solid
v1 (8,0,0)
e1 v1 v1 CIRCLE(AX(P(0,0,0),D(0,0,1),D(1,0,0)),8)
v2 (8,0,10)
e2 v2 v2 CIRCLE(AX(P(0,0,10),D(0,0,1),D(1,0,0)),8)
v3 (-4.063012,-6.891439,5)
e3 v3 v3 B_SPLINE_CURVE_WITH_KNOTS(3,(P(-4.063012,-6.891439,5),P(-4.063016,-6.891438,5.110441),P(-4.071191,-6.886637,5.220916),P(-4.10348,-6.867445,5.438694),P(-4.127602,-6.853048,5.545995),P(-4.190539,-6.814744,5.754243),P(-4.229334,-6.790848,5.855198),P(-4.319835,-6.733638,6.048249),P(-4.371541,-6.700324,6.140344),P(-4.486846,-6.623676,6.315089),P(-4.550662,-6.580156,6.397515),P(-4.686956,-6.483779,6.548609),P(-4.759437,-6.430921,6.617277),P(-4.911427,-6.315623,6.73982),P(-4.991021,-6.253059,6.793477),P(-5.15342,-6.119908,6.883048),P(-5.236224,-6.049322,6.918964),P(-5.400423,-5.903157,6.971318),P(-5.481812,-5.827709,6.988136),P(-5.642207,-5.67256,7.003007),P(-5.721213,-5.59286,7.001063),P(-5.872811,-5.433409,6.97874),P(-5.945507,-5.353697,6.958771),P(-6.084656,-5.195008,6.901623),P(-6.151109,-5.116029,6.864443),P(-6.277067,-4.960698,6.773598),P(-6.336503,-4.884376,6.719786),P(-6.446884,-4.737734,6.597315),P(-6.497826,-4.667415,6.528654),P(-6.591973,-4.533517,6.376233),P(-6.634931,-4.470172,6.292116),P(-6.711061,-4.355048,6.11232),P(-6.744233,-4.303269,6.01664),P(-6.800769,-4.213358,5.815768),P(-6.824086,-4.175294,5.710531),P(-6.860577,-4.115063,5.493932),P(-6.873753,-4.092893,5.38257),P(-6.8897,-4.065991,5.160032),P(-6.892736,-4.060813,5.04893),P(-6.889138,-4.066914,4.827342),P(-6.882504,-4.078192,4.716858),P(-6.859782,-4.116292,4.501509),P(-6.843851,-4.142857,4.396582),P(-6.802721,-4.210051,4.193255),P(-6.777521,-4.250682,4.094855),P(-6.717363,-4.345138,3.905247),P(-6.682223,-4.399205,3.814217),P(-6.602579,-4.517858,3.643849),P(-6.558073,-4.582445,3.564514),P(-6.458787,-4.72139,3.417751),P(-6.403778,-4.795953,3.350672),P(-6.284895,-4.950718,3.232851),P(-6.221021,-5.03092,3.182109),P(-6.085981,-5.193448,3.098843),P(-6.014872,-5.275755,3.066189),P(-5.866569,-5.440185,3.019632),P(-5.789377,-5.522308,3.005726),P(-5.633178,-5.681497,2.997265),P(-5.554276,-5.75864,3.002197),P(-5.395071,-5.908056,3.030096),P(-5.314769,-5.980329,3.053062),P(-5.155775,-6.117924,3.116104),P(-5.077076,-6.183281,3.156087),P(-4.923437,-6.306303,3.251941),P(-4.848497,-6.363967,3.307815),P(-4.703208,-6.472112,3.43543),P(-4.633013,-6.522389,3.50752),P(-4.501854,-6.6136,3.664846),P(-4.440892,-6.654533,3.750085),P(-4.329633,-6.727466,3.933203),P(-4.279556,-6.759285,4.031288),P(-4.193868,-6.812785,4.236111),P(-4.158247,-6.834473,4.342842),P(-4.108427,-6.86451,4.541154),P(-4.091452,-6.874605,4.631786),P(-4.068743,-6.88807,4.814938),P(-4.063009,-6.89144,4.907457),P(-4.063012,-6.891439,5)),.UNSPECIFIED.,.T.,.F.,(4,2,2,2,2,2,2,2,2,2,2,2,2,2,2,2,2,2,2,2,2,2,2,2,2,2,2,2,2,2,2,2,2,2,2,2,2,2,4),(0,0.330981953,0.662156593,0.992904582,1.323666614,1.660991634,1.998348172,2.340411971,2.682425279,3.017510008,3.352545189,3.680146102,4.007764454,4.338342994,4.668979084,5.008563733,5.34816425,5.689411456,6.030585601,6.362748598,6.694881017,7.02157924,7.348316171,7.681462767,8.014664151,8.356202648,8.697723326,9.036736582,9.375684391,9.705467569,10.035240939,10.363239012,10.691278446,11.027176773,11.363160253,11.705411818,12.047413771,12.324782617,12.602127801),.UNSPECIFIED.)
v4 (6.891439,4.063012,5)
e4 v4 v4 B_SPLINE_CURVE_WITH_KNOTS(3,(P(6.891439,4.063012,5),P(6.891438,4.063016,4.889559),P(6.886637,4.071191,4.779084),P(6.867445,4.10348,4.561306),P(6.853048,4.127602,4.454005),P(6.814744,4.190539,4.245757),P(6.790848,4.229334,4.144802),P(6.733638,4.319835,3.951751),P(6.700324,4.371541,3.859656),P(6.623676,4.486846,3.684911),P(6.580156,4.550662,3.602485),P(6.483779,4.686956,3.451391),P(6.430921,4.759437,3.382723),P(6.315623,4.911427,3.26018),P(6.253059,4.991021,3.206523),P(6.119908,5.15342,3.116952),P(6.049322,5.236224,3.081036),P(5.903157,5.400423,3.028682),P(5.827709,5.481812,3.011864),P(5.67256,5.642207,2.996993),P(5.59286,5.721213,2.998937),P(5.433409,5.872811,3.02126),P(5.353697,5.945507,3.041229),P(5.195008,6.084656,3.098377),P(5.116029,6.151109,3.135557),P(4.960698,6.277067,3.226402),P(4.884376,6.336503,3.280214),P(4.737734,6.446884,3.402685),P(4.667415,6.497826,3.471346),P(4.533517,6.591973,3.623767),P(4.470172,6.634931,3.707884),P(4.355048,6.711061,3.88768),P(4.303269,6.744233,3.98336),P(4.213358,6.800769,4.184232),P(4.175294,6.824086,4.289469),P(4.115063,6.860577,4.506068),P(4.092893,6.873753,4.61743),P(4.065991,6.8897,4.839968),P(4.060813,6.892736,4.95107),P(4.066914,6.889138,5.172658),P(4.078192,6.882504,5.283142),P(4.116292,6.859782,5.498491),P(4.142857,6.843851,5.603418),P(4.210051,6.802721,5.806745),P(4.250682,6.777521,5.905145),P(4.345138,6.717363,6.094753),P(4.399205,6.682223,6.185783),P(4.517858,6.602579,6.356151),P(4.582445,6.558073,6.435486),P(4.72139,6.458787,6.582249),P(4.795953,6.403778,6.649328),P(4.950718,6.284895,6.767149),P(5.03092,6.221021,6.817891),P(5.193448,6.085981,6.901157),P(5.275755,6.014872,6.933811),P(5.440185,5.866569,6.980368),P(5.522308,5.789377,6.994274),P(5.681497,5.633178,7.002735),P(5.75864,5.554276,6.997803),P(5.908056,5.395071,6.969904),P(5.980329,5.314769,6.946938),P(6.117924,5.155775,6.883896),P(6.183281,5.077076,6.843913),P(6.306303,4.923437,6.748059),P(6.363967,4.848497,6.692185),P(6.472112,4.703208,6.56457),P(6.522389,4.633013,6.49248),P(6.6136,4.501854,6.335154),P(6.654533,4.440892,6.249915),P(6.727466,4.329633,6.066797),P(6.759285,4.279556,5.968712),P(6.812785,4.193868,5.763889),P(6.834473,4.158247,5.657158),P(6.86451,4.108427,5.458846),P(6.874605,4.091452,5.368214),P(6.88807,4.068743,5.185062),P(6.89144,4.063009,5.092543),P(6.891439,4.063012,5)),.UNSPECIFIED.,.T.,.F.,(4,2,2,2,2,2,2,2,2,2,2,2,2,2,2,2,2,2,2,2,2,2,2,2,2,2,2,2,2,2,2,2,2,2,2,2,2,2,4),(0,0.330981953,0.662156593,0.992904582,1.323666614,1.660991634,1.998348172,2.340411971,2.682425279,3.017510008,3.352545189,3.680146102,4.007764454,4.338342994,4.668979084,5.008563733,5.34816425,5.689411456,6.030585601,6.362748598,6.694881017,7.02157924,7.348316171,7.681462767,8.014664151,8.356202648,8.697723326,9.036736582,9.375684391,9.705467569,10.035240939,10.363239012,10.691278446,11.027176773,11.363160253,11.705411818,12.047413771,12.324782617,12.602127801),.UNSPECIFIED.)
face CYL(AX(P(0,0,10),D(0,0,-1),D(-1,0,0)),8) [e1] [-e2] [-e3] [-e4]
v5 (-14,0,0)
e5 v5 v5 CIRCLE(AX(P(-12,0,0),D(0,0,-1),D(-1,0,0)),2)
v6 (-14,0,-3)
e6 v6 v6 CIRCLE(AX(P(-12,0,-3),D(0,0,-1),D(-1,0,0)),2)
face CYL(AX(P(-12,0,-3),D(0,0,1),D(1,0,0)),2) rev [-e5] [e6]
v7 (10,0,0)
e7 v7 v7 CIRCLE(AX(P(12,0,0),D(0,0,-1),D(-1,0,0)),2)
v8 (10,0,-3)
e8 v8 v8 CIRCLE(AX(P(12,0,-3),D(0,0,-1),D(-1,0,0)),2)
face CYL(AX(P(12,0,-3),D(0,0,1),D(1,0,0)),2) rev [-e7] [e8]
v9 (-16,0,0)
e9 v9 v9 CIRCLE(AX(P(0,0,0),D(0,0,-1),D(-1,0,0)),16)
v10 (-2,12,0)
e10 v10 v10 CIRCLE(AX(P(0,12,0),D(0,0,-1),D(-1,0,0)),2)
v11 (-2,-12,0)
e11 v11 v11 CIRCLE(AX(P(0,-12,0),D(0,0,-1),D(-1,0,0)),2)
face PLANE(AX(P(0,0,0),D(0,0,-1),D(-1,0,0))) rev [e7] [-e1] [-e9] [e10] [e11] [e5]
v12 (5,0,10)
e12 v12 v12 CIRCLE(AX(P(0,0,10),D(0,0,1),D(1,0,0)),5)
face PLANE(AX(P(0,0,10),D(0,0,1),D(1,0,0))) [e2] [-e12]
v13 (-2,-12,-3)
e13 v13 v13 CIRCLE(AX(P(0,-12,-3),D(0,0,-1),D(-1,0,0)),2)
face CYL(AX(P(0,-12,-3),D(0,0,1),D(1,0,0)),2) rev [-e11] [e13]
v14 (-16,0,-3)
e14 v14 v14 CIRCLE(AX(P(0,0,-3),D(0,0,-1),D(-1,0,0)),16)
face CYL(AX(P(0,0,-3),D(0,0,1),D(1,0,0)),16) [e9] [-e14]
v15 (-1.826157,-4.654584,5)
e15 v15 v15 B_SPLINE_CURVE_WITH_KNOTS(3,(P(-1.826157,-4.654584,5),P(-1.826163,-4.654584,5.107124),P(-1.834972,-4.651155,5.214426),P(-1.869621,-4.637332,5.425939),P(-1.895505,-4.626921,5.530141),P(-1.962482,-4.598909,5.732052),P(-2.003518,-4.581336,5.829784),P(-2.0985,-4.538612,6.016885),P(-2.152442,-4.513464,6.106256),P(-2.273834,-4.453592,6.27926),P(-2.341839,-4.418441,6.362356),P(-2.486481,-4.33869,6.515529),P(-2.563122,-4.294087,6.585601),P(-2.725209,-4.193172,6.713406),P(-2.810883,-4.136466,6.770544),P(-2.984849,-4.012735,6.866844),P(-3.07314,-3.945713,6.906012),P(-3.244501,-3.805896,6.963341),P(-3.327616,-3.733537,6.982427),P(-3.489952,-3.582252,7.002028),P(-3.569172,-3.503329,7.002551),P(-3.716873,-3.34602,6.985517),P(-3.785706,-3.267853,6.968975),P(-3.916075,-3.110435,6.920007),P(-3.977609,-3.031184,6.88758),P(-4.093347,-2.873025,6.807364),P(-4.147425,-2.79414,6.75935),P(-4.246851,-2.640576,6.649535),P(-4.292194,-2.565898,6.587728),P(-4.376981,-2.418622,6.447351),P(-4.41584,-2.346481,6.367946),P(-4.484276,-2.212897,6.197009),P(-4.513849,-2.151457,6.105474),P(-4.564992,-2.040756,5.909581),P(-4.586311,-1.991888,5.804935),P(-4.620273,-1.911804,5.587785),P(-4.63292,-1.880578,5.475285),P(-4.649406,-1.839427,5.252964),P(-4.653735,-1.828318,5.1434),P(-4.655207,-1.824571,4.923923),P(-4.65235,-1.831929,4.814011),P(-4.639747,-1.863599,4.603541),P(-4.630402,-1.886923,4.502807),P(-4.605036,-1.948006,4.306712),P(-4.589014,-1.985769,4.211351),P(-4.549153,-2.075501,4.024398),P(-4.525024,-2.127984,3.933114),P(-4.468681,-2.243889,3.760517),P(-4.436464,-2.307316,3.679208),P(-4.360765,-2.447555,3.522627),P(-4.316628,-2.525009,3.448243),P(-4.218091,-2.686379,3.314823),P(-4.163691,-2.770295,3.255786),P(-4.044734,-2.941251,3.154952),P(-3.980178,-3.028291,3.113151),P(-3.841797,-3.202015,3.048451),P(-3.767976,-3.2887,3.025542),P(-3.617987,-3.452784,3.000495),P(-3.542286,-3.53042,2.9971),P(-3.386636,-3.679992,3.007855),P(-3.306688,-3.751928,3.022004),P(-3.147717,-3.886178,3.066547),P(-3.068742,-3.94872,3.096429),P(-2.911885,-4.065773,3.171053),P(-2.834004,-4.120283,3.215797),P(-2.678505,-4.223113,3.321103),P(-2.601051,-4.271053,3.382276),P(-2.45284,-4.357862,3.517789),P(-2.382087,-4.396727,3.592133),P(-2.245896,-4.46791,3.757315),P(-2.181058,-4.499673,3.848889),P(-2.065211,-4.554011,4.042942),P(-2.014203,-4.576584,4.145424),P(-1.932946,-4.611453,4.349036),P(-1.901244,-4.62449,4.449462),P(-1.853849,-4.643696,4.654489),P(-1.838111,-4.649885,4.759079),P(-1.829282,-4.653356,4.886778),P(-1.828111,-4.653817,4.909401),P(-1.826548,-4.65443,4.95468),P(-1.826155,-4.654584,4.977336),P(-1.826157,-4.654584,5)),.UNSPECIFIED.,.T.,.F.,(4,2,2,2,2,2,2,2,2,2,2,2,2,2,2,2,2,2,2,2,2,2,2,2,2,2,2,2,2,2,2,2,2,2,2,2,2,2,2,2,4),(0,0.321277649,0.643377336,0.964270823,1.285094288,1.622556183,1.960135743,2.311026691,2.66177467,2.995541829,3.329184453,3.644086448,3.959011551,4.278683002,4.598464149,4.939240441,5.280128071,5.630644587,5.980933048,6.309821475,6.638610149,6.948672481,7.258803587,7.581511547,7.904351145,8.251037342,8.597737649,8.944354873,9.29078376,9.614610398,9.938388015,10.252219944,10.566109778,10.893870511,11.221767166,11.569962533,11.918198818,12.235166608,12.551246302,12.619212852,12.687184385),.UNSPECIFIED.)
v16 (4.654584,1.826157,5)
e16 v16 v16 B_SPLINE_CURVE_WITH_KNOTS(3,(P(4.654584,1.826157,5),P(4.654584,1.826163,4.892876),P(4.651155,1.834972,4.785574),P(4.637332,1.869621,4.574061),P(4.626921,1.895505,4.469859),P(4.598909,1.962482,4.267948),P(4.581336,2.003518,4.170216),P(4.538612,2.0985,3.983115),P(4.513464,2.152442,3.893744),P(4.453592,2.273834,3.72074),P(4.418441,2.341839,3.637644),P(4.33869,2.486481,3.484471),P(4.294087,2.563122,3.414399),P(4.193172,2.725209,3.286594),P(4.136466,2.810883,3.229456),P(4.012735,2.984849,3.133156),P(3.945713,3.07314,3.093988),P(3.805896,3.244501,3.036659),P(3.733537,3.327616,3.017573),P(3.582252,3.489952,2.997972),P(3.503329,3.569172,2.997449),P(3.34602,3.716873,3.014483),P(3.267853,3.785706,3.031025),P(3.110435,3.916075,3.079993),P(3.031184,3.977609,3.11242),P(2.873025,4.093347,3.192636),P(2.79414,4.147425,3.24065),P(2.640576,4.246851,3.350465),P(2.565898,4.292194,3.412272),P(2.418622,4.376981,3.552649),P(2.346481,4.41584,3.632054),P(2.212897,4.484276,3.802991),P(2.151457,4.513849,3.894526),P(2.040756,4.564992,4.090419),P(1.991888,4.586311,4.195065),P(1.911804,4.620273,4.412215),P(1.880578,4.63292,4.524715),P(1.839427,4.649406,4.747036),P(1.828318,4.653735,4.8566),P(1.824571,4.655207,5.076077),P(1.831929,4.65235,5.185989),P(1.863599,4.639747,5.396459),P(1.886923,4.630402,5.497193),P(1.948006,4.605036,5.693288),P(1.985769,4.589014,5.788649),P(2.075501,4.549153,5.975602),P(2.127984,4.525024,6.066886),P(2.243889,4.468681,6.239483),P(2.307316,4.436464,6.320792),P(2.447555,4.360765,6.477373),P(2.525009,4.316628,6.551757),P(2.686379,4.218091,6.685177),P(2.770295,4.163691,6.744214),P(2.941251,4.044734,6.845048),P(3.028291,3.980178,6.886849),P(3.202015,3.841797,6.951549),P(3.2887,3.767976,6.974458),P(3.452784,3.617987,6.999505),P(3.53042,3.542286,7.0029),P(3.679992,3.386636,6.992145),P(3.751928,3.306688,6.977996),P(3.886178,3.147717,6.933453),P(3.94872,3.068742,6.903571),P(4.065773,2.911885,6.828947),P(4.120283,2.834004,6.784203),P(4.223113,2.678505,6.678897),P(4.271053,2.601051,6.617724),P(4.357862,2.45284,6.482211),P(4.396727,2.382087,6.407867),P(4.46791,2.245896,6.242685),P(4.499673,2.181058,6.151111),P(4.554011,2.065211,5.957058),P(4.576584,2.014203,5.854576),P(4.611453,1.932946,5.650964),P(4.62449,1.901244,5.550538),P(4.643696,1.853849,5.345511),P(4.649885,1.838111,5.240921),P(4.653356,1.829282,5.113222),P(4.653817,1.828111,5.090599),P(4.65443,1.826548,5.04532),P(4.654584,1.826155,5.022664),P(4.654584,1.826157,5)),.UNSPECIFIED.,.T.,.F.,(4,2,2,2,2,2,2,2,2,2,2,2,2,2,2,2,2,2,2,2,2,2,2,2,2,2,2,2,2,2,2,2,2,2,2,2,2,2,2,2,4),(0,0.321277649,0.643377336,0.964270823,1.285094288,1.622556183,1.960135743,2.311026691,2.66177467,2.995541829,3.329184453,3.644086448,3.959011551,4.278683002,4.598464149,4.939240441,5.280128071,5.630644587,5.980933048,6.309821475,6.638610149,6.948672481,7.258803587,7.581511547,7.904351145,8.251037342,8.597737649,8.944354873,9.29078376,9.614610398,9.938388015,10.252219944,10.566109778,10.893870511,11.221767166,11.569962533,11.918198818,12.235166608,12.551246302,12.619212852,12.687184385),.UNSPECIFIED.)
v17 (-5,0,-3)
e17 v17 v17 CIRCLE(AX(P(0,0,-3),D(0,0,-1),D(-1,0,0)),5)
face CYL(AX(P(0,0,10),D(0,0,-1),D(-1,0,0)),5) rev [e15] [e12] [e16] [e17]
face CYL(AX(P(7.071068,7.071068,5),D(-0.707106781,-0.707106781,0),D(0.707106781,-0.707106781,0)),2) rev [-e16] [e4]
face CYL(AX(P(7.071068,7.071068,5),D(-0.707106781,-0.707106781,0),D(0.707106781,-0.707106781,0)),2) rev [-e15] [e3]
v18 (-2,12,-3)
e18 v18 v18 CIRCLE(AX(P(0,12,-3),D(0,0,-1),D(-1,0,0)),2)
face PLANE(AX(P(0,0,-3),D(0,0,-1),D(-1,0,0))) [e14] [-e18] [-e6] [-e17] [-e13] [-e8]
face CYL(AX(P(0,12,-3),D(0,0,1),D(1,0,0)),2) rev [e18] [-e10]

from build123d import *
from build123d.topology import SkipClean

# Parameters (mm, degrees)
SKETCH_1_R               = 8
SKETCH_1_R_2             = 5
EXTRUDE_1_DEPTH          = 10
EXTRUDE_START            = 3
SKETCH_2_R               = 16
SKETCH_2_R_2             = 5
SKETCH_2_R_3             = 2
EXTRUDE_2_DEPTH          = 3
CUT_EXTRUDE_1_DEPTH      = 10
CUT_EXTRUDE_1_DEPTH_BACK = 10
SKETCH_3_R               = 2


with BuildPart() as part:
    # 草图1 → 凸台-拉伸1 (new body)
    with BuildSketch(Plane.XY):
        Circle(SKETCH_1_R)
        Circle(SKETCH_1_R_2, mode=Mode.SUBTRACT)
    extrude(amount=EXTRUDE_1_DEPTH)

    # 草图2 → 凸台-拉伸2 (add)
    with SkipClean():  # the faces are left unmerged after this step: merging them gives an invalid solid
        with BuildSketch(Plane(origin=(0, 0, 0), x_dir=(-1, 0, 0), z_dir=(0, 0, -1)).offset(EXTRUDE_START)):
            Circle(SKETCH_2_R)
            Circle(SKETCH_2_R_2, mode=Mode.SUBTRACT)
            with Locations((-12, 0)):
                Circle(SKETCH_2_R_3, mode=Mode.SUBTRACT)
            with Locations((0, 12)):
                Circle(SKETCH_2_R_3, mode=Mode.SUBTRACT)
            with Locations((12, 0)):
                Circle(SKETCH_2_R_3, mode=Mode.SUBTRACT)
            with Locations((0, -12)):
                Circle(SKETCH_2_R_3, mode=Mode.SUBTRACT)
        extrude(amount=-EXTRUDE_2_DEPTH)

    # 草图3 → 切除-拉伸1 (cut, two sides: drawn at the far end of the back side and taken through both)
    with SkipClean():  # the faces are left unmerged after this step: merging them gives an invalid solid
        with BuildSketch(Plane(origin=(0, 0, 0), x_dir=(0, 0, -1), z_dir=(0.7071067811865488, 0.7071067811865464, 0)).offset(-CUT_EXTRUDE_1_DEPTH_BACK)):
            with Locations((-5, 0)):
                Circle(SKETCH_3_R)
        extrude(amount=CUT_EXTRUDE_1_DEPTH + CUT_EXTRUDE_1_DEPTH_BACK, mode=Mode.SUBTRACT)


solid = part.part
